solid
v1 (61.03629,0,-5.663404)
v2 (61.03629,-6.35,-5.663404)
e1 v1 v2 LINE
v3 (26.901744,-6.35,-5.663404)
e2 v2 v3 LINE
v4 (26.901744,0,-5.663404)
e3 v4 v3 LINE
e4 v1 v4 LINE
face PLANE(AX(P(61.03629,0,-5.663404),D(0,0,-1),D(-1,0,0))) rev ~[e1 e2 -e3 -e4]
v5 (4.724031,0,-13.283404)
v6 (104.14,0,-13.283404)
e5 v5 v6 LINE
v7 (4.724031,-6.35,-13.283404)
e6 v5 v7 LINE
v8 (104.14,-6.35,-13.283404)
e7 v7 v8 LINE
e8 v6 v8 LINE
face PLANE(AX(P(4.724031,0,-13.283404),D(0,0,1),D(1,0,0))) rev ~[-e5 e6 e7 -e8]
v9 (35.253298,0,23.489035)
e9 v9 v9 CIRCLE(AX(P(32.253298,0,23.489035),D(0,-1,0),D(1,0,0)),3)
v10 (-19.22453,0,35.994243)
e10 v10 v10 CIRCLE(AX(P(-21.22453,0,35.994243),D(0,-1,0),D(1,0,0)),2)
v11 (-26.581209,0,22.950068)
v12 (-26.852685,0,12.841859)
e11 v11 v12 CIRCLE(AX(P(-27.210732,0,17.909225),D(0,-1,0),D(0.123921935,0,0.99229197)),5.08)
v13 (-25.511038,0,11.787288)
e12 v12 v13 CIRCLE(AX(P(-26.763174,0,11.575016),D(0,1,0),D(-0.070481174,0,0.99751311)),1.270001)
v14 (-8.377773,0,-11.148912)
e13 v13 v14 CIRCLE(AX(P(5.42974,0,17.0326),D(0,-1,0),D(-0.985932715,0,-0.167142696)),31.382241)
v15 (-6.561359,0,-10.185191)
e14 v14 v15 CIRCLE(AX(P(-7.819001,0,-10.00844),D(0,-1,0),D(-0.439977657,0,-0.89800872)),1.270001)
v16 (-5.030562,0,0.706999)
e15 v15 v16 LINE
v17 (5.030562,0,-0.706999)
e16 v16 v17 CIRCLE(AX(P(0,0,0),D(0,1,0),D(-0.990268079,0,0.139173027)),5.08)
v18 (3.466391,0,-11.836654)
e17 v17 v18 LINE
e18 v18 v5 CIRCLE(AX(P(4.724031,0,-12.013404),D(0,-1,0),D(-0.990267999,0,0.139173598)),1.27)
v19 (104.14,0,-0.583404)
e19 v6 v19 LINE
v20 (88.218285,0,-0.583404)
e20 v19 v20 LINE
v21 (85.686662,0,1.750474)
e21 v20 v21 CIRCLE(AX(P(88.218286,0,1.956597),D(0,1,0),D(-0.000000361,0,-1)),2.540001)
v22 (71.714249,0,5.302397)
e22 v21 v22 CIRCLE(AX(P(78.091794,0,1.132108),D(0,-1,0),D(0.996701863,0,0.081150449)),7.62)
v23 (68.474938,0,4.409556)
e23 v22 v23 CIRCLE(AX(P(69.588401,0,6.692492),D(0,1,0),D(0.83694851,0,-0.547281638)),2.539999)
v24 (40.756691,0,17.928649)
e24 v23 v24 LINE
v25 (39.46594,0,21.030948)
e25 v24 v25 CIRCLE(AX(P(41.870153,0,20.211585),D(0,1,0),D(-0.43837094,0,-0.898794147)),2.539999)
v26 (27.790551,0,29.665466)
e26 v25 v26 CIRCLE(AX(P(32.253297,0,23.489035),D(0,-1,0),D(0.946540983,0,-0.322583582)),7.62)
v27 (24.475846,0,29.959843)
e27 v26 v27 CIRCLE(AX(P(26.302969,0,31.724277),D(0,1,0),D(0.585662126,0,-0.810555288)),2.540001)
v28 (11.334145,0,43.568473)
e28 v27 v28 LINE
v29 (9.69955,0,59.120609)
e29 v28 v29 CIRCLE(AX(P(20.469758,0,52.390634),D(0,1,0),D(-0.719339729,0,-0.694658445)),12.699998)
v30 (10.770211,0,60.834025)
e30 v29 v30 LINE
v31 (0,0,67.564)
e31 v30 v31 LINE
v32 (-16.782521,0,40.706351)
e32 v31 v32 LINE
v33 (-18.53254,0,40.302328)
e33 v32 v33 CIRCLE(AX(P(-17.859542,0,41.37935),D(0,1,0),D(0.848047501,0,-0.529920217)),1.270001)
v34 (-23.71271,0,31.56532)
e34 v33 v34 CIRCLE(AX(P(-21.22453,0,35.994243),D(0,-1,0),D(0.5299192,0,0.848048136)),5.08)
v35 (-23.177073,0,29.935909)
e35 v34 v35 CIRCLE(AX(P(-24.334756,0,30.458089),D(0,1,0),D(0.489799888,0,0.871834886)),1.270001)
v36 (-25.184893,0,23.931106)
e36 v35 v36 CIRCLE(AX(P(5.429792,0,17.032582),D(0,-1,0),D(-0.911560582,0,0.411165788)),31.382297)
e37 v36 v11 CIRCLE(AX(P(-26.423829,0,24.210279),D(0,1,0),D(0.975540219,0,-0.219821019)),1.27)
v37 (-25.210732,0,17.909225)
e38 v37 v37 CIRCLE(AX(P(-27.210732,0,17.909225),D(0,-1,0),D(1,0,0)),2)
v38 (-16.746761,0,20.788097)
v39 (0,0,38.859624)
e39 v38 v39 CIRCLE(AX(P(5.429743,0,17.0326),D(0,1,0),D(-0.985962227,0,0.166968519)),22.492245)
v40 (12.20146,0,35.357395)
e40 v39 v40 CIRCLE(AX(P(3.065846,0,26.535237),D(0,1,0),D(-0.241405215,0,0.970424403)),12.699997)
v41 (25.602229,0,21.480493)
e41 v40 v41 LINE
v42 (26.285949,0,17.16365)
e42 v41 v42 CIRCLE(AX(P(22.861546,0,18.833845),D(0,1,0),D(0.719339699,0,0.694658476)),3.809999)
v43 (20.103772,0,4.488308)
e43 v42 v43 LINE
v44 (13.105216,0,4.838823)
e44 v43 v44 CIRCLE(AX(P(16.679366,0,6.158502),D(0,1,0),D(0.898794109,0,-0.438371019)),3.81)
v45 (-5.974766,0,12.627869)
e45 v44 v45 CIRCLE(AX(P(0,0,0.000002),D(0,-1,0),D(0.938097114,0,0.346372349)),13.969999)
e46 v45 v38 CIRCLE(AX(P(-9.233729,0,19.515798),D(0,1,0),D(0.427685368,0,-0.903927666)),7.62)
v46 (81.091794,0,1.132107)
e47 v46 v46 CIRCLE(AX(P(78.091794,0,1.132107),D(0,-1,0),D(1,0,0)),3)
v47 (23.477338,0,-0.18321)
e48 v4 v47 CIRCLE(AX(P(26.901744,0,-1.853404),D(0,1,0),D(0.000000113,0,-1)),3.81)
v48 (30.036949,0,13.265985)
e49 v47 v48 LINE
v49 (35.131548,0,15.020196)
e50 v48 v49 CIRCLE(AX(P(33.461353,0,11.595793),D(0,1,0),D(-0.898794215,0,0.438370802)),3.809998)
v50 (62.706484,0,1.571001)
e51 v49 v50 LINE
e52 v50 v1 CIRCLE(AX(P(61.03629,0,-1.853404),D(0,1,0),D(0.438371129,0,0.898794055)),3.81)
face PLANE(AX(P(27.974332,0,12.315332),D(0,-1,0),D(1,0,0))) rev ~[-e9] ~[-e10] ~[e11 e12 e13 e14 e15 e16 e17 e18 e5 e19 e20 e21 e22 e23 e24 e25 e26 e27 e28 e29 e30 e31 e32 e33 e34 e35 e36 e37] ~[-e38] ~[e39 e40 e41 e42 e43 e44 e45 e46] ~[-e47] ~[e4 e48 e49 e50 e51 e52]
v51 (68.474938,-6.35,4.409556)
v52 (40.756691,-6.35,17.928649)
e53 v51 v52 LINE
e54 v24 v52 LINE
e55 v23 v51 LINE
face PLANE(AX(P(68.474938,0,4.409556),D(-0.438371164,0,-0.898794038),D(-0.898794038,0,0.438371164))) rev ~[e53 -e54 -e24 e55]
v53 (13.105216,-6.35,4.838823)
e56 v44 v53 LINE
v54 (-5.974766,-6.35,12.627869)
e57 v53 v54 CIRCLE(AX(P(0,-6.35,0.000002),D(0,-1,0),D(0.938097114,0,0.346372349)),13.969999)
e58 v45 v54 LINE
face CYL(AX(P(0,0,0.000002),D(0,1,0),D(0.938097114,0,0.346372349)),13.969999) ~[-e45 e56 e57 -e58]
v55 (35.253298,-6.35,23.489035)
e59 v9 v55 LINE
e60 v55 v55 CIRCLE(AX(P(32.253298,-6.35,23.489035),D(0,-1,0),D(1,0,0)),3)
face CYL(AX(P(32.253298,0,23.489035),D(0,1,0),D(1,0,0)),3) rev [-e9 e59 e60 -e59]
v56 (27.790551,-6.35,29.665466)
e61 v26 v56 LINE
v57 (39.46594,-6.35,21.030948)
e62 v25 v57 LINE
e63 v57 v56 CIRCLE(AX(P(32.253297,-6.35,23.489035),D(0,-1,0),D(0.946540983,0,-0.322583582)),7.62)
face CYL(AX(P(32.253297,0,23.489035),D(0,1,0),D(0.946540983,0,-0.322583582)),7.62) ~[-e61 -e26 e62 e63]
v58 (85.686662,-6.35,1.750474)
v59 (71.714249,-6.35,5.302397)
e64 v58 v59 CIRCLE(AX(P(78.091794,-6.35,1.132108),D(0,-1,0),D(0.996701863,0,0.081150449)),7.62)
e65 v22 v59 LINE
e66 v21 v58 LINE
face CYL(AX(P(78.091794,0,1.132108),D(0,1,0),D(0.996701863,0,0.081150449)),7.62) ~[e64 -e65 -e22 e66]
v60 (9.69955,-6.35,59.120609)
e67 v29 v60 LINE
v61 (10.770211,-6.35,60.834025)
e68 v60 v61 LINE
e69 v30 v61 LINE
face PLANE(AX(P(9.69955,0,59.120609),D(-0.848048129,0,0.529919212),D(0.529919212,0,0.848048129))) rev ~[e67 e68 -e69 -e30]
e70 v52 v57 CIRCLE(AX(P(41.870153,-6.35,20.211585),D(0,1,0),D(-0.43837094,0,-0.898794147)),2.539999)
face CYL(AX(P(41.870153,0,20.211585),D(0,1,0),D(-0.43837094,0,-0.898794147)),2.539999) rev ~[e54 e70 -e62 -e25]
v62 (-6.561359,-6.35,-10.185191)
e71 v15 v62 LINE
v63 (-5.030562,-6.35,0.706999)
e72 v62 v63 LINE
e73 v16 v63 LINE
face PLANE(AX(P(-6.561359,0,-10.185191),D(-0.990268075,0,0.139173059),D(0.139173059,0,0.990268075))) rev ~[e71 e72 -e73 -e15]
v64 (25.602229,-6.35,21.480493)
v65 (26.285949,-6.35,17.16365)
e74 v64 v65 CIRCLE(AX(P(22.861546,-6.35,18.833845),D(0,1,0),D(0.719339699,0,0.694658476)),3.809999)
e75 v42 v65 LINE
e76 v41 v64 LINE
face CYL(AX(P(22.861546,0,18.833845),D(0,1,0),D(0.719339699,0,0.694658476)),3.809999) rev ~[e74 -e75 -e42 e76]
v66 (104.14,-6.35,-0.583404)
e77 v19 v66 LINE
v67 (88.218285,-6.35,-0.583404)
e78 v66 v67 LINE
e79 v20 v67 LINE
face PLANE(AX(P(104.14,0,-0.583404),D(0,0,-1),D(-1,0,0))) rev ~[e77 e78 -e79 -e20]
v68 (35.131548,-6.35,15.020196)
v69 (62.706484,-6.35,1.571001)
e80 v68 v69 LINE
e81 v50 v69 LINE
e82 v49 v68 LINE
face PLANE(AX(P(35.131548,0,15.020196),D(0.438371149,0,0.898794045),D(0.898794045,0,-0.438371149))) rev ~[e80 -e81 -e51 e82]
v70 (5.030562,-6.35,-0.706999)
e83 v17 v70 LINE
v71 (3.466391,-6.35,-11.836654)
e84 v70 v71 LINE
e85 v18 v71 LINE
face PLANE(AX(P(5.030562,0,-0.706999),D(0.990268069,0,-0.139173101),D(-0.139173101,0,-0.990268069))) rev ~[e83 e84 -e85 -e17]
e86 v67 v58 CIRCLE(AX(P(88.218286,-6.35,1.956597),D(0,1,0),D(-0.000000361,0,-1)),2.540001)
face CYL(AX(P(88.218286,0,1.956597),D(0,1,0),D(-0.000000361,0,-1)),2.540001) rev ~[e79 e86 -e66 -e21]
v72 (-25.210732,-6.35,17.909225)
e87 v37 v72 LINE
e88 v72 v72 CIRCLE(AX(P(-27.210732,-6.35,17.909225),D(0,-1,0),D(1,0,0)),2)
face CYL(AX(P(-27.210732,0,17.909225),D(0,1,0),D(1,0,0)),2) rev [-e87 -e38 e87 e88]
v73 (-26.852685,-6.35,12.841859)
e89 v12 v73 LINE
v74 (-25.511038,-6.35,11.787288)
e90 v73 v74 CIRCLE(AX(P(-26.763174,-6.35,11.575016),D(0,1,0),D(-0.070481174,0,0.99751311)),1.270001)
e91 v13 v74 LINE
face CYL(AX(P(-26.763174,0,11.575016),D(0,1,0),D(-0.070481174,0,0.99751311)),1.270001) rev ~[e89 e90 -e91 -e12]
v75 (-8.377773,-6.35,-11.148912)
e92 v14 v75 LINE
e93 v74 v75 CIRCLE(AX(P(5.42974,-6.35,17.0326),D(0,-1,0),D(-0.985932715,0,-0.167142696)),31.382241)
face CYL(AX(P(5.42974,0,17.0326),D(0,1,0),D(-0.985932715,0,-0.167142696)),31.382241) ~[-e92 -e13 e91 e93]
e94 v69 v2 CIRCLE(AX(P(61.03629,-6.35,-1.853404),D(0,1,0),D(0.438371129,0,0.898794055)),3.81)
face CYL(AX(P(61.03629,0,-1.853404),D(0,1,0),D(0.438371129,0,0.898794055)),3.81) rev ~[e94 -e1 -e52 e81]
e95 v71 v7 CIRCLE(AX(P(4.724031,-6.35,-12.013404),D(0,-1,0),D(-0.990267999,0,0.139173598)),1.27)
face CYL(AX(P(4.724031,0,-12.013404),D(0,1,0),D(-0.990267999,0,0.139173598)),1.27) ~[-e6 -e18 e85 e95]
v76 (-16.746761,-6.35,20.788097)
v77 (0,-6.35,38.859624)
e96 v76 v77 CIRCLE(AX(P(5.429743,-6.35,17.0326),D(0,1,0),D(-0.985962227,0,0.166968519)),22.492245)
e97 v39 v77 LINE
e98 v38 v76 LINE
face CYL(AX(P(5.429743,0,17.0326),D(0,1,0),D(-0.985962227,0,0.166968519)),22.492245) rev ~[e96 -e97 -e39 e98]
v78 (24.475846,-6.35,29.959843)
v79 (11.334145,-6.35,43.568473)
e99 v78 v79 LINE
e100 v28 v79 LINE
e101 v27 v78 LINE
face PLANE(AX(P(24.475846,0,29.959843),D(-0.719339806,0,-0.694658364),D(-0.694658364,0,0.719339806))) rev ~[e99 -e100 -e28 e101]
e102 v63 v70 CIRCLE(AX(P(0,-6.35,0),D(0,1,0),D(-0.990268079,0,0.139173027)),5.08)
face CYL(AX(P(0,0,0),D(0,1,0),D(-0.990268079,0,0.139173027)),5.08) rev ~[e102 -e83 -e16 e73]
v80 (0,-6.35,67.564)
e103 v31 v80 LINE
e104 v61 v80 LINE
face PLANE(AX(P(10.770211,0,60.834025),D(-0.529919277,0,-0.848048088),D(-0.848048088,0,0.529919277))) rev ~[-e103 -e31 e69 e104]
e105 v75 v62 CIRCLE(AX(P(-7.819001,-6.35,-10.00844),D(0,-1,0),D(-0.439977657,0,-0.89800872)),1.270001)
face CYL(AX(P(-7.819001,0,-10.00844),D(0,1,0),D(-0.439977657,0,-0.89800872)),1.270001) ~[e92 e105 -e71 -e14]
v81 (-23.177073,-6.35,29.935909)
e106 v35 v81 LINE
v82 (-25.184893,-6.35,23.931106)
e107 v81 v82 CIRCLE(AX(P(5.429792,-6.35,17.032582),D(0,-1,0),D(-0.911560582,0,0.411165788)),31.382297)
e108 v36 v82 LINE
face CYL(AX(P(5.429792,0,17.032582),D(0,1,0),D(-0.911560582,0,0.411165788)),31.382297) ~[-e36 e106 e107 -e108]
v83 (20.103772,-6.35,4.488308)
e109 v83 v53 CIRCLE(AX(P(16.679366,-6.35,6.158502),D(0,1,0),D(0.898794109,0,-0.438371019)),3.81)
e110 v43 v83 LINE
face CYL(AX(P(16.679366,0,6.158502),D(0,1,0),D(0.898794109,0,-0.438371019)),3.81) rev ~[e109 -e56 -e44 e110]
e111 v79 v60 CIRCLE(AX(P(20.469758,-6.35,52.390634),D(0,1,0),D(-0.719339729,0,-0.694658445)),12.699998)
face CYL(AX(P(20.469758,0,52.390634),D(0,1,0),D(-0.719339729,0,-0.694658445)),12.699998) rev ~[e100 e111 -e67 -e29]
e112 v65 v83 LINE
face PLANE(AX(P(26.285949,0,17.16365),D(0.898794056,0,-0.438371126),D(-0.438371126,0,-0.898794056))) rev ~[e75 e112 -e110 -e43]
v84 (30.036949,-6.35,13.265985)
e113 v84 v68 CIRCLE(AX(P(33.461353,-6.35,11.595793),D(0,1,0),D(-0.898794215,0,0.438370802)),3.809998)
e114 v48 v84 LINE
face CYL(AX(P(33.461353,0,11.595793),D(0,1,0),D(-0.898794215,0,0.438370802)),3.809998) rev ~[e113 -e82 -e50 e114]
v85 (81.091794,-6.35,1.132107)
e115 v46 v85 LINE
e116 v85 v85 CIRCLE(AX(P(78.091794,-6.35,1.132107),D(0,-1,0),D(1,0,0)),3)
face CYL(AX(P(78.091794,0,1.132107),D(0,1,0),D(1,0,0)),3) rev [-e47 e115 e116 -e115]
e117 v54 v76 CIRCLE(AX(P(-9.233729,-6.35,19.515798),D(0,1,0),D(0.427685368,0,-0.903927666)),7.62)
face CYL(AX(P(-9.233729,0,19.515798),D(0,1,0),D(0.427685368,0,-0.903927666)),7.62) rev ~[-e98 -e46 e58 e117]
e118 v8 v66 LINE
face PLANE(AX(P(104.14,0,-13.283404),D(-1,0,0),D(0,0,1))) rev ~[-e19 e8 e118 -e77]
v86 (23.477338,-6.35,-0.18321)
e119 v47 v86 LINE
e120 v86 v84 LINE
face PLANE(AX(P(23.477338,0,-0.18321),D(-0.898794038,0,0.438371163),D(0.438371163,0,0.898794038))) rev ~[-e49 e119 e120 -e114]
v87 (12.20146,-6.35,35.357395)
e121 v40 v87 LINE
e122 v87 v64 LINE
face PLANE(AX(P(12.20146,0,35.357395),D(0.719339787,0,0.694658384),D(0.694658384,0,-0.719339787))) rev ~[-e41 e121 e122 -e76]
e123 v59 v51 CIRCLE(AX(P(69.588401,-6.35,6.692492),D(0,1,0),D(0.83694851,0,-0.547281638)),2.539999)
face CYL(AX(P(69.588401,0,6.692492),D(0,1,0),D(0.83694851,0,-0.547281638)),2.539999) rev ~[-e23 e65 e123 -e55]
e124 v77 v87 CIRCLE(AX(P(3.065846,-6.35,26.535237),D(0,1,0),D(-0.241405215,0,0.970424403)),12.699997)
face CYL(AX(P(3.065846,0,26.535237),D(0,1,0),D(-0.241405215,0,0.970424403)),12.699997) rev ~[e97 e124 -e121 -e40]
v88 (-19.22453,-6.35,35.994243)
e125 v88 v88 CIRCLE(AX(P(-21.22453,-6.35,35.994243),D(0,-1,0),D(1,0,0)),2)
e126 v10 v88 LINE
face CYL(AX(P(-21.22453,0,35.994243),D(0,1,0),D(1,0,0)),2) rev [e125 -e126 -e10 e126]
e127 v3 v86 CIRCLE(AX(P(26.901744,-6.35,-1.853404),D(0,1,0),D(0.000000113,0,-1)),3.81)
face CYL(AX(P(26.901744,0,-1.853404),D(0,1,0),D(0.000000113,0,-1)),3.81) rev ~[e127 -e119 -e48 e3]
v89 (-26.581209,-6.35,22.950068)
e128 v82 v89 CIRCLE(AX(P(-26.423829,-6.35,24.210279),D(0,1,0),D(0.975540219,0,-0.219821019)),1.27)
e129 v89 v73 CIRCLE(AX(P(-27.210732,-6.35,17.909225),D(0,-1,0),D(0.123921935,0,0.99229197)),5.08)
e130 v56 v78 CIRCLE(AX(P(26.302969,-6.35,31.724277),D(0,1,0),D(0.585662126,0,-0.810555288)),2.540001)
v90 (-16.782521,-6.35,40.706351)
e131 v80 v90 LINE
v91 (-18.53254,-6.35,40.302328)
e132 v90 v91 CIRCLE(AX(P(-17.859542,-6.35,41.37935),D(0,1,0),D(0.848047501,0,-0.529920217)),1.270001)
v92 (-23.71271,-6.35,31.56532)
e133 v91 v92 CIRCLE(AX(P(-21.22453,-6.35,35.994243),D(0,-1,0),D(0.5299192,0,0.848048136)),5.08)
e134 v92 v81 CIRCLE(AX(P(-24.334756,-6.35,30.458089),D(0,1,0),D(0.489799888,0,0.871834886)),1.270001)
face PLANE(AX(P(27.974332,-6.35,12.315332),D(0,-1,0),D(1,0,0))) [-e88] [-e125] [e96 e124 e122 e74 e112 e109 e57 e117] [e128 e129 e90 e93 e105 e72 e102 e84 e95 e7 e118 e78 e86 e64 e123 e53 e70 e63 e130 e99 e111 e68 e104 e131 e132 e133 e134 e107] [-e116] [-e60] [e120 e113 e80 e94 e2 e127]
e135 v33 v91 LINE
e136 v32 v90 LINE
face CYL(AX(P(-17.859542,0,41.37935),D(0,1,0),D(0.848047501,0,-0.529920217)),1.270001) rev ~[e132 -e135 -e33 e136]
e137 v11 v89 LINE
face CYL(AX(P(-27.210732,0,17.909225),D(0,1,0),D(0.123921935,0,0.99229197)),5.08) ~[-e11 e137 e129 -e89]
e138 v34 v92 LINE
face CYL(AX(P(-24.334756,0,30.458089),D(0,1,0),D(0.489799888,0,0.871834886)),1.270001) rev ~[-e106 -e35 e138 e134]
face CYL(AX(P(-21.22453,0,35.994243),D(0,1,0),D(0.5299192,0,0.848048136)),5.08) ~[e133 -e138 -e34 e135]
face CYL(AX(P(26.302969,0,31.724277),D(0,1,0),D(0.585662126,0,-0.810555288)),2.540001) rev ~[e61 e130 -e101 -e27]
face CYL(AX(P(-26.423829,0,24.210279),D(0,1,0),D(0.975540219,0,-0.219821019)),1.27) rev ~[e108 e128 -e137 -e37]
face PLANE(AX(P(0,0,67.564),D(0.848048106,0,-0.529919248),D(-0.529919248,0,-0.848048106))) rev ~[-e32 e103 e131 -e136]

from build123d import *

# Parameters (mm, degrees)
F0_R     = 2
F0_R_2   = 3
F1_DEPTH = 6.35


with BuildPart() as f1:
    # F0 (on Front) → F1 (new body)
    with BuildSketch(Plane.XZ):
        with BuildLine():
            Line((-6.561359, -10.185191), (-5.030562, 0.706999))
            ThreePointArc((-5.030562, 0.706999), (0.706999, 5.030562), (5.030562, -0.706999))
            Line((5.030562, -0.706999), (3.466391, -11.836654))
            ThreePointArc((3.466391, -11.836654), (3.76555, -12.846599), (4.724031, -13.283404))
            Line((4.724031, -13.283404), (104.14, -13.283404))
            Line((104.14, -13.283404), (104.14, -0.583404))
            Line((104.14, -0.583404), (88.218285, -0.583404))
            ThreePointArc((88.218285, -0.583404), (86.496651, 0.089091), (85.686662, 1.750474))
            ThreePointArc((85.686662, 1.750474), (79.969162, 8.51722), (71.714249, 5.302397))
            ThreePointArc((71.714249, 5.302397), (70.263325, 4.243804), (68.474938, 4.409556))
            Line((68.474938, 4.409556), (40.756691, 17.928649))
            ThreePointArc((40.756691, 17.928649), (39.525036, 19.235869), (39.46594, 21.030948))
            ThreePointArc((39.46594, 21.030948), (36.784215, 29.615632), (27.790551, 29.665466))
            ThreePointArc((27.790551, 29.665466), (26.078277, 29.194234), (24.475846, 29.959843))
            Line((24.475846, 29.959843), (11.334145, 43.568473))
            ThreePointArc((11.334145, 43.568473), (7.839332, 51.063123), (9.69955, 59.120609))
            Line((9.69955, 59.120609), (10.770211, 60.834025))
            Line((10.770211, 60.834025), (0, 67.564))
            Line((0, 67.564), (-16.782521, 40.706351))
            ThreePointArc((-16.782521, 40.706351), (-17.573855, 40.141899), (-18.53254, 40.302328))
            ThreePointArc((-18.53254, 40.302328), (-25.594222, 38.585033), (-23.71271, 31.56532))
            ThreePointArc((-23.71271, 31.56532), (-23.128272, 30.854697), (-23.177073, 29.935909))
            ThreePointArc((-23.177073, 29.935909), (-24.332809, 26.984273), (-25.184893, 23.931106))
            ThreePointArc((-25.184893, 23.931106), (-25.693727, 23.17112), (-26.581209, 22.950068))
            ThreePointArc((-26.581209, 22.950068), (-32.288901, 18.045609), (-26.852685, 12.841859))
            ThreePointArc((-26.852685, 12.841859), (-25.978347, 12.57349), (-25.511038, 11.787288))
            ThreePointArc((-25.511038, 11.787288), (-19.712251, -1.748383), (-8.377773, -11.148912))
            ThreePointArc((-8.377773, -11.148912), (-7.223774, -11.130317), (-6.561359, -10.185191))
        make_face()
        with Locations((-27.210732, 17.909225)):
            Circle(F0_R, mode=Mode.SUBTRACT)
        with BuildLine():
            ThreePointArc((-5.974766, 12.627869), (-13.83499, 13.441854), (-16.746761, 20.788097))
            ThreePointArc((-16.746761, 20.788097), (-11.06787, 32.320826), (0, 38.859624))
            ThreePointArc((0, 38.859624), (6.56969, 38.742325), (12.20146, 35.357395))
            Line((12.20146, 35.357395), (25.602229, 21.480493))
            ThreePointArc((25.602229, 21.480493), (26.624637, 19.42986), (26.285949, 17.16365))
            Line((26.285949, 17.16365), (20.103772, 4.488308))
            ThreePointArc((20.103772, 4.488308), (16.488785, 2.353271), (13.105216, 4.838823))
            ThreePointArc((13.105216, 4.838823), (5.279976, 12.933784), (-5.974766, 12.627869))
        make_face(mode=Mode.SUBTRACT)
        with Locations((32.253298, 23.489035)):
            Circle(F0_R_2, mode=Mode.SUBTRACT)
        with BuildLine():
            ThreePointArc((30.036949, 13.265985), (32.220939, 15.198217), (35.131548, 15.020196))
            Line((35.131548, 15.020196), (62.706484, 1.571001))
            ThreePointArc((62.706484, 1.571001), (64.74864, -2.710467), (61.03629, -5.663404))
            Line((61.03629, -5.663404), (26.901744, -5.663404))
            ThreePointArc((26.901744, -5.663404), (23.67068, -3.872396), (23.477338, -0.18321))
            Line((23.477338, -0.18321), (30.036949, 13.265985))
        make_face(mode=Mode.SUBTRACT)
        with Locations((78.091794, 1.132107)):
            Circle(F0_R_2, mode=Mode.SUBTRACT)
        with Locations((-21.22453, 35.994243)):
            Circle(F0_R, mode=Mode.SUBTRACT)
    extrude(amount=F1_DEPTH)


solid = f1.part
